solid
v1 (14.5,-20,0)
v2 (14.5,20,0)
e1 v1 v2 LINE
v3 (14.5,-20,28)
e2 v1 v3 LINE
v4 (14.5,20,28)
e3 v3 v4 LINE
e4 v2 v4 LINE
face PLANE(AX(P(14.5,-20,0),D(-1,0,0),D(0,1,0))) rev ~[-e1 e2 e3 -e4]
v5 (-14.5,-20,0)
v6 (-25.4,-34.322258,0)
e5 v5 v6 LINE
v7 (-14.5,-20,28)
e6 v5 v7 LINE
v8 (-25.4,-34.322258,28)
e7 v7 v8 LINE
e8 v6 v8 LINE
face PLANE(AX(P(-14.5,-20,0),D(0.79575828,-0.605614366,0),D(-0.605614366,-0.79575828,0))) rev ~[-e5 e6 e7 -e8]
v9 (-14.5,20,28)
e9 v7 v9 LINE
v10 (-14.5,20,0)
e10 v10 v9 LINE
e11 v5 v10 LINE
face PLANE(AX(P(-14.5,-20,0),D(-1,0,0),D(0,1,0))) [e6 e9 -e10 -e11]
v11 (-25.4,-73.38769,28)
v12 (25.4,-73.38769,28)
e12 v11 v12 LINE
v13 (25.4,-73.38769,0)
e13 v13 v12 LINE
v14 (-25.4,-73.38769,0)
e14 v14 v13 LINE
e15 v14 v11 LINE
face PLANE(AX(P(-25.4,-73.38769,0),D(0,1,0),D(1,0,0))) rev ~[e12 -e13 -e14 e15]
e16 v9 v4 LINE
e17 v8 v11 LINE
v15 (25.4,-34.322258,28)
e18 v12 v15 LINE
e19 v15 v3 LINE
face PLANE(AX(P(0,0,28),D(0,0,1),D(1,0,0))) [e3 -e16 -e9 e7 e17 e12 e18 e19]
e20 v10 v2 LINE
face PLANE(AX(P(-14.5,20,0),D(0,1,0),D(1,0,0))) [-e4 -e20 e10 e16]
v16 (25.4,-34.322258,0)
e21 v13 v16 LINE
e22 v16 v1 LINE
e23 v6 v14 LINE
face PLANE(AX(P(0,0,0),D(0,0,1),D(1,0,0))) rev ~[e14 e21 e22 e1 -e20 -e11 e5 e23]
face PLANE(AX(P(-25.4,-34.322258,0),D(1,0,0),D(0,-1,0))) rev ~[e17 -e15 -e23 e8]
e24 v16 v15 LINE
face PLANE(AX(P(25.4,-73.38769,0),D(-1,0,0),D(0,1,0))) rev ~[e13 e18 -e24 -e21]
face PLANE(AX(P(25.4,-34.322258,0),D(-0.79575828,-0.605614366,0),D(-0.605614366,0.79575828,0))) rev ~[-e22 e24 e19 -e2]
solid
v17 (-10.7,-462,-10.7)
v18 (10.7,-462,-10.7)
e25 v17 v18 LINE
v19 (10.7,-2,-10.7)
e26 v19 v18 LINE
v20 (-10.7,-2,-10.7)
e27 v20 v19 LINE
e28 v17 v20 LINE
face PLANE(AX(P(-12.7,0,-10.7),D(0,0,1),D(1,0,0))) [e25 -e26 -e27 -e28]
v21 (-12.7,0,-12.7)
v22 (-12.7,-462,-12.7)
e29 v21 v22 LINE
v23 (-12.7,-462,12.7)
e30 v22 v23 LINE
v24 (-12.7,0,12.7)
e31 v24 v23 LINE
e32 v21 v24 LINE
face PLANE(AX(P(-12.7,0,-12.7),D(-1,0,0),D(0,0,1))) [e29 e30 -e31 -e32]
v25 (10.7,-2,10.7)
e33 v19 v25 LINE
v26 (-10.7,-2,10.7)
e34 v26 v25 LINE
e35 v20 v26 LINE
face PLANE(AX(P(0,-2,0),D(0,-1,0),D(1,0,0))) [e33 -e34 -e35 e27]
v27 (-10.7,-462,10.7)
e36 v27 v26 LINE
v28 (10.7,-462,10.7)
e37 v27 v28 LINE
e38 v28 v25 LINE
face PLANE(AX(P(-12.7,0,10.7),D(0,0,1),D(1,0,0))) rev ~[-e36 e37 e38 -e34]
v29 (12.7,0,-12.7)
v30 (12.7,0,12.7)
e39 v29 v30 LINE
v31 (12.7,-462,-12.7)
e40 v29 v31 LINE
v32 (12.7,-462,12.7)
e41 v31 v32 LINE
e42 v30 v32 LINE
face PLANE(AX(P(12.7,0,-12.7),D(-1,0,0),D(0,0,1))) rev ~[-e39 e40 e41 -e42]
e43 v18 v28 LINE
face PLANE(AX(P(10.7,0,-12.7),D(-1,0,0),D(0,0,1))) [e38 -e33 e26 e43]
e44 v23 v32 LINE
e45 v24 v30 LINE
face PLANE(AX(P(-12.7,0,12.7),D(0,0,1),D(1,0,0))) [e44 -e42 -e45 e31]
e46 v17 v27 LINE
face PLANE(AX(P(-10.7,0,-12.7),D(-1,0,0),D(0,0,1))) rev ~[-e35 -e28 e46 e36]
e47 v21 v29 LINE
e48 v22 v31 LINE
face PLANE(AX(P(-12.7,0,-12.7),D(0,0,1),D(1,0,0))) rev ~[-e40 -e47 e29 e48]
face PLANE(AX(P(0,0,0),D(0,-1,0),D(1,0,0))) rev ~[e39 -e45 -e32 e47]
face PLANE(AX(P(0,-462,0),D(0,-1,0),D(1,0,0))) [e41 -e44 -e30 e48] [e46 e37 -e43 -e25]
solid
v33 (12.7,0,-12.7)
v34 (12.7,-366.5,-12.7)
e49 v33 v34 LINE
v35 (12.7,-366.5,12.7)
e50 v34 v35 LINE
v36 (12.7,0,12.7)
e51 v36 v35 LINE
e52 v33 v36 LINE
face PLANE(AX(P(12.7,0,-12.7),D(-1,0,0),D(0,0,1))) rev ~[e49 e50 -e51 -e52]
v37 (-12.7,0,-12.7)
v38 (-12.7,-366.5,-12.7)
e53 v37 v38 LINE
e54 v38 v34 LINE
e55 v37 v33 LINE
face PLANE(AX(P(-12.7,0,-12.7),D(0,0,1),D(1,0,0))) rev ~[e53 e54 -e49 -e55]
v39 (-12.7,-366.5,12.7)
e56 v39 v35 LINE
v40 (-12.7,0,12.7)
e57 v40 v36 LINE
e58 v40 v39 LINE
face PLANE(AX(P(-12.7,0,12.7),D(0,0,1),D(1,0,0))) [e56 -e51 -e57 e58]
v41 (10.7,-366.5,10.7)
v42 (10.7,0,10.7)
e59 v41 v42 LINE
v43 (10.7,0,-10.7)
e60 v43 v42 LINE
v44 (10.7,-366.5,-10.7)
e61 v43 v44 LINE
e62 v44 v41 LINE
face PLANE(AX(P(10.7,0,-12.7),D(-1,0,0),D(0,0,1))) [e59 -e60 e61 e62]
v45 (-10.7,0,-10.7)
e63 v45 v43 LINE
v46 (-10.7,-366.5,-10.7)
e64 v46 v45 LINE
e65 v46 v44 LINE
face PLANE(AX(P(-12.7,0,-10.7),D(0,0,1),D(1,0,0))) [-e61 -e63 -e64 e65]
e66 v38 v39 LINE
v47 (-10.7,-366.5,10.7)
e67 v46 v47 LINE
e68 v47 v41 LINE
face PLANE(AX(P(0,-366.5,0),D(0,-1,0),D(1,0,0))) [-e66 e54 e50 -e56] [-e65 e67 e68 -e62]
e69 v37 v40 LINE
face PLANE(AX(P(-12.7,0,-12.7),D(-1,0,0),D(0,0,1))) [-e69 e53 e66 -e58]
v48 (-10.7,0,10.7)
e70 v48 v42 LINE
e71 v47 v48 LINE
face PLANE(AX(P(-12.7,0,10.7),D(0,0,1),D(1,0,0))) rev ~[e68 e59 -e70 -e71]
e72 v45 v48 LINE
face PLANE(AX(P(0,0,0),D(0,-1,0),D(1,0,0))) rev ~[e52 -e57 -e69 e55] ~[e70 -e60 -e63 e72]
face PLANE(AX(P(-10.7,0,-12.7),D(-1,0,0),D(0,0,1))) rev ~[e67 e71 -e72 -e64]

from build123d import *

# Parameters (mm, degrees)
F0_W     = 25.4
F0_H     = 25.4
F1_DEPTH = 462
F2_T     = -2
F3_DEPTH = 366.5
F4_T     = -2
F5_W     = 29
F5_H     = 40
F6_DEPTH = 28


with BuildPart() as f1:
    # F0 (on Front) → F1 (new body)
    with BuildSketch(Plane.XZ):
        Rectangle(F0_W, F0_H)
    extrude(amount=F1_DEPTH)

    # F2
    f2_openings = [f1.faces().sort_by_distance(p)[0] for p in [
        (0, -462, 0),
    ]]
    offset(amount=F2_T, openings=f2_openings)


with BuildPart() as f3:
    # F0 (on Front) → F3 (new body)
    with BuildSketch(Plane.XZ):
        Rectangle(F0_W, F0_H)
    extrude(amount=F3_DEPTH)

    # F4
    f4_openings = [f3.faces().sort_by_distance(p)[0] for p in [
        (0, -366.5, 0),
        (0, 0, 0),
    ]]
    offset(amount=F4_T, openings=f4_openings)


with BuildPart() as f6:
    # F5 (on Top) → F6 (new body)
    with BuildSketch(Plane.XY):
        Rectangle(F5_W, F5_H)
        Polygon((14.5, -20), (-14.5, -20), (-25.4, -34.322258085), (-25.4, -73.387689568), (25.4, -73.387689568), (25.4, -34.322258085), align=None)
    extrude(amount=F6_DEPTH)


solid = Compound([f1.part, f3.part, f6.part])
